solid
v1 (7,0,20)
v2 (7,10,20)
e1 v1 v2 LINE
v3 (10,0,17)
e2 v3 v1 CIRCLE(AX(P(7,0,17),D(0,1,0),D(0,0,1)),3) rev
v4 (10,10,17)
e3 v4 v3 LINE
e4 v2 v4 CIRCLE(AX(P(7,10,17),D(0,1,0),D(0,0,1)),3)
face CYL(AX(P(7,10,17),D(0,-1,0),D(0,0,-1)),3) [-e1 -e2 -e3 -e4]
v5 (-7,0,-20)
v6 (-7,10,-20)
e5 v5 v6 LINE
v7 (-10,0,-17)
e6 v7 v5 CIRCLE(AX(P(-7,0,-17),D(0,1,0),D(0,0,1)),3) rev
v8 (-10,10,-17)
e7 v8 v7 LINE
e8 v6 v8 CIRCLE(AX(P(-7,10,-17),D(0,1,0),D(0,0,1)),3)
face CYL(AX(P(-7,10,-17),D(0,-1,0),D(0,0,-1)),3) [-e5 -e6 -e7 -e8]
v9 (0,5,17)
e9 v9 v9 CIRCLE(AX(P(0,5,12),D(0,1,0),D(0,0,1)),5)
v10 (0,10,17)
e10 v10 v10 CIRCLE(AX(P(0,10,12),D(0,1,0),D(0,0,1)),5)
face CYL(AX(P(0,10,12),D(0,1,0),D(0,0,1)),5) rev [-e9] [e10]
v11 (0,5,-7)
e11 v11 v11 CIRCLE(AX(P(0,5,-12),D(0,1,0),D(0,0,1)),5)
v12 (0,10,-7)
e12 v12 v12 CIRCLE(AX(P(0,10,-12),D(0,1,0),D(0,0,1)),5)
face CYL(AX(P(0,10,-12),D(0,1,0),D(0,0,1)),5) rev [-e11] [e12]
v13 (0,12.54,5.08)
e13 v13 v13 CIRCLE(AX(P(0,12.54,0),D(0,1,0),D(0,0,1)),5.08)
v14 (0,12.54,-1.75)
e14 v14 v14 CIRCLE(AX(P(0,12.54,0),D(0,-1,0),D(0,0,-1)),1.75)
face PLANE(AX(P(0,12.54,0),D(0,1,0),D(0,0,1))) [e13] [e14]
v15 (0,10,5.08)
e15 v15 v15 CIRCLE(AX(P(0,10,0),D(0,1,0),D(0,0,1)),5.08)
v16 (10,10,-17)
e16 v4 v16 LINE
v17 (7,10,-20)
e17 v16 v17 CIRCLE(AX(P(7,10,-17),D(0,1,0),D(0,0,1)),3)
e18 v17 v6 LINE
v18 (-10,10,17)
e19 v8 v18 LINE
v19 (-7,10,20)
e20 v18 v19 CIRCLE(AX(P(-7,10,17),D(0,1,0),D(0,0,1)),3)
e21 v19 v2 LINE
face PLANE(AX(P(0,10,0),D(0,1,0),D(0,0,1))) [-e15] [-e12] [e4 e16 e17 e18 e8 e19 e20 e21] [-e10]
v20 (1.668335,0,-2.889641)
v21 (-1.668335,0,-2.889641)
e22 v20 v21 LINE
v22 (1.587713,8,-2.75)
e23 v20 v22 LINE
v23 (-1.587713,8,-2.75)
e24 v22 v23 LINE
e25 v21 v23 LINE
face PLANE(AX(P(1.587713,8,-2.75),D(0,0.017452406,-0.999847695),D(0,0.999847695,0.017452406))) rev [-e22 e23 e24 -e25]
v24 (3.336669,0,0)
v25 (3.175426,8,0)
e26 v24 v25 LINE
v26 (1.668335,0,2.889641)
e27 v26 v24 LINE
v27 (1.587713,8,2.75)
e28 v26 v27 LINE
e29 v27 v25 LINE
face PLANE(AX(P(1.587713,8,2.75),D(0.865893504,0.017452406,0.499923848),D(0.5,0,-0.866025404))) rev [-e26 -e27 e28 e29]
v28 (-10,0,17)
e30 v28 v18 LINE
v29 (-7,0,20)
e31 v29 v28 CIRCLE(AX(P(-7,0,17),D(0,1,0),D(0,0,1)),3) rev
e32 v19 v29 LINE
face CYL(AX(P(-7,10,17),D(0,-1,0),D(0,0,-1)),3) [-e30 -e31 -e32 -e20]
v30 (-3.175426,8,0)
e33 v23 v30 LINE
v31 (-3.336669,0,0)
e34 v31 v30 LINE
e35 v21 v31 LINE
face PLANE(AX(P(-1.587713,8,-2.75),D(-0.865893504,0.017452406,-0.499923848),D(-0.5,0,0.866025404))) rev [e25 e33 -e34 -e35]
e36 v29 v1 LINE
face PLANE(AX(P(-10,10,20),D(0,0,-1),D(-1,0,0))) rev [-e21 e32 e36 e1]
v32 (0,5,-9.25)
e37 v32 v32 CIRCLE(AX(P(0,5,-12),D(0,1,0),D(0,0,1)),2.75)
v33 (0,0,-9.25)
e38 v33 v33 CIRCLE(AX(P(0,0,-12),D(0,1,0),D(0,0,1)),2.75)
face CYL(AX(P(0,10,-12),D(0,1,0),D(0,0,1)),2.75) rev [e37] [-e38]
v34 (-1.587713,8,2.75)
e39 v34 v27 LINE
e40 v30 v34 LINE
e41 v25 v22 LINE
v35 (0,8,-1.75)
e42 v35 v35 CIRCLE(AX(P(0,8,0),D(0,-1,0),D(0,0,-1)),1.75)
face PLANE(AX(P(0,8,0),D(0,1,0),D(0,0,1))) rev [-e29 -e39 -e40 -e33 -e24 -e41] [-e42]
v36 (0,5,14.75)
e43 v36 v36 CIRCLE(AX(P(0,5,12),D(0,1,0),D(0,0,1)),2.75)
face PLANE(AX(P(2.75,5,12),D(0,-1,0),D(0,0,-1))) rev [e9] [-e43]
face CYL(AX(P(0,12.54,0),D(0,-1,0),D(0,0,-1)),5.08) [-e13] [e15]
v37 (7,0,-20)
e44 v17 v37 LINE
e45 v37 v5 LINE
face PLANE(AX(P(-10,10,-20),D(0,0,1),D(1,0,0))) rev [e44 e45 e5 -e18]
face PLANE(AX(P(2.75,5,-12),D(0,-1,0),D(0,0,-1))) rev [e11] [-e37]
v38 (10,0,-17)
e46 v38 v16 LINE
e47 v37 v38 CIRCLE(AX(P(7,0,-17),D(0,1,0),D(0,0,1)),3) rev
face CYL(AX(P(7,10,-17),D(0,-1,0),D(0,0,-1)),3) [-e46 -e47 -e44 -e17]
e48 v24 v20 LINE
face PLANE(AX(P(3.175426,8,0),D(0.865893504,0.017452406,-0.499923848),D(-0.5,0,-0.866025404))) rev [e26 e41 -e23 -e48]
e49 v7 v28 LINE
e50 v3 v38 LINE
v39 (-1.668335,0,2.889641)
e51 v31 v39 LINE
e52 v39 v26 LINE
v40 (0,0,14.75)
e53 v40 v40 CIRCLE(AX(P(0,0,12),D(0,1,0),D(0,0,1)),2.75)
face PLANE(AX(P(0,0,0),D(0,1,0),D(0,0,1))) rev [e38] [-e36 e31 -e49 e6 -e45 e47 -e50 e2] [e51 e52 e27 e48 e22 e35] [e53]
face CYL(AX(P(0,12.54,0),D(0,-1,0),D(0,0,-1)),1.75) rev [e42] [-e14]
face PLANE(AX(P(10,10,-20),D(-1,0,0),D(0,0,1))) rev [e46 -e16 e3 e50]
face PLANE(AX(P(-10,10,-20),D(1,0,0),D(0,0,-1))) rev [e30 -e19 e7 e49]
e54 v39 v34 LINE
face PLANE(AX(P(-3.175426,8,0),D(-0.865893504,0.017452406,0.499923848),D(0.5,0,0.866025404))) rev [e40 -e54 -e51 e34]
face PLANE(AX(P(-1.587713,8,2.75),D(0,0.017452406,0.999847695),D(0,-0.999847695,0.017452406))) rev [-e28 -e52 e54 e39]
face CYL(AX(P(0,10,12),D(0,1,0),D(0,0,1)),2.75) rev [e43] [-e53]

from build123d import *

# Parameters (mm, degrees)
SKETCH1_W                      = 20
SKETCH1_H                      = 40
BOSS_EXTRUDE1_DEPTH            = 10
CUT_EXTRUDE1_START             = -2
CUT_EXTRUDE1_DEPTH             = 23.494897428
CUT_EXTRUDE1_DRAFT             = 1
SKETCH4_R                      = 5.08
BOSS_EXTRUDE2_DEPTH            = 2.54
SKETCH5_R                      = 1.75
CUT_EXTRUDE2_DEPTH             = 24.748684174
CBORE_FOR_M5_SHCS1_D           = 5.5
CBORE_FOR_M5_SHCS1_DEPTH       = 12
CBORE_FOR_M5_SHCS1_CBORE_D     = 10
CBORE_FOR_M5_SHCS1_CBORE_DEPTH = 5
CBORE_FOR_M5_SHCS1_TIP         = 1.652366702
FILLET1_R                      = 3


with BuildPart() as part:
    # Sketch1 → Boss-Extrude1 (new body)
    with BuildSketch(Plane(origin=(0, 0, 0), x_dir=(1, 0, 0), z_dir=(0, 1, 0))):
        Rectangle(SKETCH1_W, SKETCH1_H)
    extrude(amount=BOSS_EXTRUDE1_DEPTH)


with BuildPart() as cut_extrude1_tool:
    # Sketch3 → Cut-Extrude1 (with draft: the straight prism first)
    with BuildSketch(Plane(origin=(0, 10, 0), x_dir=(1, 0, 0), z_dir=(0, 1, 0)).offset(CUT_EXTRUDE1_START)):
        Polygon((3.175426481, 0), (1.58771324, 2.75), (-1.58771324, 2.75), (-3.175426481, 0), (-1.58771324, -2.75), (1.58771324, -2.75), align=None)
    extrude(amount=-CUT_EXTRUDE1_DEPTH)
    # Cut-Extrude1: the draft: its side faces are tilted about the plane it starts from
    cut_extrude1_sides = [cut_extrude1_tool.faces().sort_by_distance(p)[0] for p in [
        (2.38156986, -3.747448714, -1.375),
        (0, -3.747448714, -2.75),
        (-2.38156986, -3.747448714, -1.375),
        (-2.38156986, -3.747448714, 1.375),
        (0, -3.747448714, 2.75),
        (2.38156986, -3.747448714, 1.375),
    ]]
    draft(cut_extrude1_sides, Plane(origin=(0, 10, 0), x_dir=(1, 0, 0), z_dir=(0, 1, 0)).offset(CUT_EXTRUDE1_START), CUT_EXTRUDE1_DRAFT)


with BuildPart() as part_1:
    add(part.part)

    # Cut-Extrude1: cut by cut_extrude1_tool
    add(cut_extrude1_tool.part, mode=Mode.SUBTRACT)

    # Sketch4 → Boss-Extrude2 (add)
    with BuildSketch(Plane(origin=(0, 10, 0), x_dir=(1, 0, 0), z_dir=(0, 1, 0))):
        with Locations(Location((0, 0, 0), (0, 0, 270))):
            Circle(SKETCH4_R)
    extrude(amount=BOSS_EXTRUDE2_DEPTH)

    # Sketch5 → Cut-Extrude2 (cut, through all)
    with BuildSketch(Plane.XZ.offset(-8)):
        with Locations(Location((0, 0, 0), (0, 0, 270))):
            Circle(SKETCH5_R)
    extrude(amount=-CUT_EXTRUDE2_DEPTH, mode=Mode.SUBTRACT)

    # CBORE for M5 SHCS1
    with Locations(Plane(origin=(0, 10, 0), x_dir=(1, 0, 0), z_dir=(0, 1, 0))):
        with Locations((0, -12), (0, 12)):
            CounterBoreHole(CBORE_FOR_M5_SHCS1_D / 2, CBORE_FOR_M5_SHCS1_CBORE_D / 2, CBORE_FOR_M5_SHCS1_CBORE_DEPTH, depth=CBORE_FOR_M5_SHCS1_DEPTH)
            with Locations((0, 0, -(CBORE_FOR_M5_SHCS1_DEPTH + CBORE_FOR_M5_SHCS1_TIP / 2))):  # 118° drill point
                Cone(0, CBORE_FOR_M5_SHCS1_D / 2, CBORE_FOR_M5_SHCS1_TIP, mode=Mode.SUBTRACT)

    # Fillet1
    fillet1_edges = [part_1.edges().sort_by_distance(p)[0] for p in [
        (10, 5, 20),
        (-10, 5, 20),
        (-10, 5, -20),
        (10, 5, -20),
    ]]
    fillet(fillet1_edges, radius=FILLET1_R)


solid = part_1.part
